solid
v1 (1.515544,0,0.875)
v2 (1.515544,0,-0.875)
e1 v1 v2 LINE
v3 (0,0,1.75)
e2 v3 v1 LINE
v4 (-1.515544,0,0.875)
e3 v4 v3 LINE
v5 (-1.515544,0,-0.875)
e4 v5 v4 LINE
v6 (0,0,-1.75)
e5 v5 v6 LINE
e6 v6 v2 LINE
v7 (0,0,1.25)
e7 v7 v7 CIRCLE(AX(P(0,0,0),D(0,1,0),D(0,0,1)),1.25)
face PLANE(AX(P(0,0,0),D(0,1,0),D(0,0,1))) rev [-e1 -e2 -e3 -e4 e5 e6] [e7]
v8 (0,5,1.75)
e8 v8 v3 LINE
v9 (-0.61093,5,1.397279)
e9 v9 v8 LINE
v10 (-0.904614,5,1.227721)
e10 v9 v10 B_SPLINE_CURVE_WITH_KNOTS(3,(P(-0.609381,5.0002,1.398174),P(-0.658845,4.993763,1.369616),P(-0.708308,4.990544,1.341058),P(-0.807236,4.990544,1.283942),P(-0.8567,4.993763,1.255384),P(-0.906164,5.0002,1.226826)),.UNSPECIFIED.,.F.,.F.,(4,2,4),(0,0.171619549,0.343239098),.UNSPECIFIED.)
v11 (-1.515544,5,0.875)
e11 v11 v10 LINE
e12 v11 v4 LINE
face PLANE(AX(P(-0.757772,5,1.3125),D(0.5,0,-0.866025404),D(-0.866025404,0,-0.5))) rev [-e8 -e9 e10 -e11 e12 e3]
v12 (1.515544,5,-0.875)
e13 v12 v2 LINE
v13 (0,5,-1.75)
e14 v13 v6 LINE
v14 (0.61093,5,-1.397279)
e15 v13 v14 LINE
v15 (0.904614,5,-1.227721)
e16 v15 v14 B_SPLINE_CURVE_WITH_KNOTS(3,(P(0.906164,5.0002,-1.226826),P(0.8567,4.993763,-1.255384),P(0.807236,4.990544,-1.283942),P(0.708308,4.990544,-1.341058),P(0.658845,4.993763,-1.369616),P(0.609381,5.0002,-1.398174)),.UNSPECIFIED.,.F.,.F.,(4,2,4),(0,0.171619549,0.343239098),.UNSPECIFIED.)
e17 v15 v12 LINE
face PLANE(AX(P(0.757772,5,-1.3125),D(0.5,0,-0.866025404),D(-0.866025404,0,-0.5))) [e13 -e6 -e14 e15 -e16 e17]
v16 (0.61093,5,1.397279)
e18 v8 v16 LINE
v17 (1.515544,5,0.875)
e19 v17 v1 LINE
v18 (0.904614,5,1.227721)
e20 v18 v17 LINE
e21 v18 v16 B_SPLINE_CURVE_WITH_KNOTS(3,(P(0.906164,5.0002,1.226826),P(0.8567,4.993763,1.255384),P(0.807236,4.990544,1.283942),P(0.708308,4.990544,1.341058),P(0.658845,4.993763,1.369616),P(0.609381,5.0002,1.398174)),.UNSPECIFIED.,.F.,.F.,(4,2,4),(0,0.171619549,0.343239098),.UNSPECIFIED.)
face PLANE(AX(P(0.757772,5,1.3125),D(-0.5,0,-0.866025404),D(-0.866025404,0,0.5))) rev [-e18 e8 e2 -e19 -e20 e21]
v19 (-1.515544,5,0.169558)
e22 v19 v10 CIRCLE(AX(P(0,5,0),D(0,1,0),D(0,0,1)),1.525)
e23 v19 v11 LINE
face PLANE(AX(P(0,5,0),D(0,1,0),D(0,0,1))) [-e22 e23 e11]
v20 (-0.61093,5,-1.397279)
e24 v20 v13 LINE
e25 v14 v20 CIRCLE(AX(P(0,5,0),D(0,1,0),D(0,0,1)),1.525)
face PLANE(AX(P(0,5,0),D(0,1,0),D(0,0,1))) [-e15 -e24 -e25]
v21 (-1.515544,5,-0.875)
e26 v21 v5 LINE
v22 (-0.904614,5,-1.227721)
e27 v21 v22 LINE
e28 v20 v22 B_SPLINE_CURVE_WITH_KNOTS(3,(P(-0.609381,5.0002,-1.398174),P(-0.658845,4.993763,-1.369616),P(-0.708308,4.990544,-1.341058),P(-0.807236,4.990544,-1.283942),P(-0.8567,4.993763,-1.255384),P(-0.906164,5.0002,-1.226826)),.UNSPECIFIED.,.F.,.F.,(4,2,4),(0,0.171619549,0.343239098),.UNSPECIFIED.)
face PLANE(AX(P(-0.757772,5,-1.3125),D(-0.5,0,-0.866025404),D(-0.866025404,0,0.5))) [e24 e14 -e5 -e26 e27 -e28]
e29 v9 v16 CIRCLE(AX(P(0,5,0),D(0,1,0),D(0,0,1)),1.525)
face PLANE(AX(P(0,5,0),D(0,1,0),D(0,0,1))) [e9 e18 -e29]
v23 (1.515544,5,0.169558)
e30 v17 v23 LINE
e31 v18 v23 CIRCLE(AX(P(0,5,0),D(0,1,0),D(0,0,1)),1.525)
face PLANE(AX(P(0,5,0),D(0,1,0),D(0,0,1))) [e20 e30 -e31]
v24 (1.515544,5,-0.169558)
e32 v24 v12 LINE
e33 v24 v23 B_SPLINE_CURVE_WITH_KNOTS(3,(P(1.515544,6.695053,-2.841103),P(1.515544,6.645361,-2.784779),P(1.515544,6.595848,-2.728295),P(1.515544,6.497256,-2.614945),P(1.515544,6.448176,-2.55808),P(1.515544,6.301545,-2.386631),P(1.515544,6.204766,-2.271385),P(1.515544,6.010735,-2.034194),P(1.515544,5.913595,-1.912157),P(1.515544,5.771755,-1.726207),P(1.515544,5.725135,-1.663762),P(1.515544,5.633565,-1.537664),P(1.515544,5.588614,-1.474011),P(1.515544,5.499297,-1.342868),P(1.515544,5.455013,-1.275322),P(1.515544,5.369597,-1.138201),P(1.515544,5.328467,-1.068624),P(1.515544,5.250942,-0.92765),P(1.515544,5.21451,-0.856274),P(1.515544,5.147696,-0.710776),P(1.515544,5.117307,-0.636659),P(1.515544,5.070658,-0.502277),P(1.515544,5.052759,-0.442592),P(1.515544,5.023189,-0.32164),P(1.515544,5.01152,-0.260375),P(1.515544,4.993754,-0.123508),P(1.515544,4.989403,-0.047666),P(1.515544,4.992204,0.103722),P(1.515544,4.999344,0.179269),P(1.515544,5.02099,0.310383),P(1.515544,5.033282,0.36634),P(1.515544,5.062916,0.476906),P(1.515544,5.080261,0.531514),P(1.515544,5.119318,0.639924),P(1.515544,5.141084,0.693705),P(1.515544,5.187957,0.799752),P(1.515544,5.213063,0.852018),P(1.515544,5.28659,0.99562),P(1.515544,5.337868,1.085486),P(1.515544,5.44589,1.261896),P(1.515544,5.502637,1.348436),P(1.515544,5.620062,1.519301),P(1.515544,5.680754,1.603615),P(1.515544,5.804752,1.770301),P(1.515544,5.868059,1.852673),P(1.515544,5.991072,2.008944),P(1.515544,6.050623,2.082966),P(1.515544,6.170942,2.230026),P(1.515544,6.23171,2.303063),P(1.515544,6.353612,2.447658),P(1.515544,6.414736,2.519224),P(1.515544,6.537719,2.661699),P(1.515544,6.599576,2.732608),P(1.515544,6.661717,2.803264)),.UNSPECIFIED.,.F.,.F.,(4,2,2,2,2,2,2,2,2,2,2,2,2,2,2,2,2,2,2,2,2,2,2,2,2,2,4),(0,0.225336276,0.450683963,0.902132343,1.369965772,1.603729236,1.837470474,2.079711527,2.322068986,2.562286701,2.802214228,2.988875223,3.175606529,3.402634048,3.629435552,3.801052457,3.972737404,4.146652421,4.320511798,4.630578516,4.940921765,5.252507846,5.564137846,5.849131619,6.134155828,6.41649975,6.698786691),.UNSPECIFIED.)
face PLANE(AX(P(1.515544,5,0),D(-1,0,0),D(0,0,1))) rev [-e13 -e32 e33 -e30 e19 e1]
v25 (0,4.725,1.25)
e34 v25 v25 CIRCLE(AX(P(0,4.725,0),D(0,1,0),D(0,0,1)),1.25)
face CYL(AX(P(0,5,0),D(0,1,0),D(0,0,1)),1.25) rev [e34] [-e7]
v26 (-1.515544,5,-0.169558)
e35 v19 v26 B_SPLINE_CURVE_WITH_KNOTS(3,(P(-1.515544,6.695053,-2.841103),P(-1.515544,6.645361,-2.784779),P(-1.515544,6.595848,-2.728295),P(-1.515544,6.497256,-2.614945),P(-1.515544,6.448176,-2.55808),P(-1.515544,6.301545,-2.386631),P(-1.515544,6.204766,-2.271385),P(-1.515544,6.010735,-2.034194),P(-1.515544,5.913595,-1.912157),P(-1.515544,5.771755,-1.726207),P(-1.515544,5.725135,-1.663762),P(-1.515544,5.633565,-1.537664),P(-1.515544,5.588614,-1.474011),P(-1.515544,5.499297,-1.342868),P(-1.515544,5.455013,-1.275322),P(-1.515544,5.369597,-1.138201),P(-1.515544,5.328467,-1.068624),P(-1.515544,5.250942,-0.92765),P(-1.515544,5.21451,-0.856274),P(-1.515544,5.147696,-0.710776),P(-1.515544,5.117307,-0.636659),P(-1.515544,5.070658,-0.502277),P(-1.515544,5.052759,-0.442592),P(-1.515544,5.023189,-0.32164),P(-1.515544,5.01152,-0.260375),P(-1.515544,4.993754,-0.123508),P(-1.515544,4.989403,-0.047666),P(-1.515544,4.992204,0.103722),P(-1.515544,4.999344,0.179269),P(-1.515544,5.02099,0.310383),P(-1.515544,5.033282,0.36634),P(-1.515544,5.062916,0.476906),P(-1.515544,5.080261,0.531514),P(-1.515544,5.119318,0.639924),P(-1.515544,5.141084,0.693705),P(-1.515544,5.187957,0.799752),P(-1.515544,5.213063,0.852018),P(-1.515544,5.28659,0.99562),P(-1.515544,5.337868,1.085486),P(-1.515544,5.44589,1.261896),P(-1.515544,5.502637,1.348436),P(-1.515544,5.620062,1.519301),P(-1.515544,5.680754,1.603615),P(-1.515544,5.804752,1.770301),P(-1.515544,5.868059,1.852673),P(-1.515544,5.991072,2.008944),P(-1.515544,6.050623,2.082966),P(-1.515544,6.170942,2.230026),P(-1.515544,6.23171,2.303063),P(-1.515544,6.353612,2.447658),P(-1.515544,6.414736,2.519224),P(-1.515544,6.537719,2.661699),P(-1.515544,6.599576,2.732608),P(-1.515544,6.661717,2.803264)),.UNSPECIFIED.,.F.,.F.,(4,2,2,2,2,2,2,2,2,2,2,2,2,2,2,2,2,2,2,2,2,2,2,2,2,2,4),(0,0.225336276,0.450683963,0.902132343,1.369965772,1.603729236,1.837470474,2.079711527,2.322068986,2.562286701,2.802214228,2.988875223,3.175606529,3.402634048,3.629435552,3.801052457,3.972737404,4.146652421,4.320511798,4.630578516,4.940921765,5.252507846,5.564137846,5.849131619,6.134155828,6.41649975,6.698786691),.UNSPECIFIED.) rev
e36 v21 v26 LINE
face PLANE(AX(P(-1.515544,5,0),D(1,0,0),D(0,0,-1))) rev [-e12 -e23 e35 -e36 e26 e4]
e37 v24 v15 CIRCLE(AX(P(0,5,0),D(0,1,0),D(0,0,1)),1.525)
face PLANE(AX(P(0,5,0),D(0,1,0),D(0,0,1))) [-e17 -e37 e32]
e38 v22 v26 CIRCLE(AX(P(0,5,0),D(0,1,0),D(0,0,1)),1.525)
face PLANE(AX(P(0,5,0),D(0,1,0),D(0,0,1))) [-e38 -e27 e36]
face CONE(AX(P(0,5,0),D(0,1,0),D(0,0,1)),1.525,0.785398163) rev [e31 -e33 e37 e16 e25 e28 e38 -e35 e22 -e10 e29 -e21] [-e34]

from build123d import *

# Parameters (mm, degrees)
BOSS_EXTRUDE2_DEPTH         = 5
M3_TAPPED_HOLE1_D           = 2.5
M3_TAPPED_HOLE1_CSINK_D     = 3.05
M3_TAPPED_HOLE1_CSINK_ANGLE = 90


with BuildPart() as part:
    # Sketch1 → Boss-Extrude2 (new body)
    with BuildSketch(Plane(origin=(0, 0, 0), x_dir=(1, 0, 0), z_dir=(0, 1, 0))):
        with BuildLine():
            Line((-1.515544457, -0.875), (-1.299038106, -0.75))
            ThreePointArc((-1.299038106, -0.75), (-1.5, 0), (-1.299038106, 0.75))
            Line((-1.299038106, 0.75), (-1.515544457, 0.875))
            Line((-1.515544457, 0.875), (-1.515544457, -0.875))
        make_face()
        with BuildLine():
            Line((-1.299038106, -0.75), (0, 0))
            Line((0, 0), (-1.299038106, 0.75))
            ThreePointArc((-1.299038106, 0.75), (-1.5, 0), (-1.299038106, -0.75))
        make_face()
        with BuildLine():
            Line((0, -1.75), (0, -1.5))
            ThreePointArc((0, -1.5), (-0.75, -1.299038106), (-1.299038106, -0.75))
            Line((-1.299038106, -0.75), (-1.515544457, -0.875))
            Line((-1.515544457, -0.875), (0, -1.75))
        make_face()
        with BuildLine():
            Line((0, -1.5), (0, 0))
            Line((0, 0), (-1.299038106, -0.75))
            ThreePointArc((-1.299038106, -0.75), (-0.75, -1.299038106), (0, -1.5))
        make_face()
        with BuildLine():
            Line((1.299038106, -0.75), (0, 0))
            Line((0, 0), (0, -1.5))
            ThreePointArc((0, -1.5), (0.75, -1.299038106), (1.299038106, -0.75))
        make_face()
        with BuildLine():
            Line((1.299038106, 0.75), (0, 0))
            Line((0, 0), (1.299038106, -0.75))
            ThreePointArc((1.299038106, -0.75), (1.448888739, -0.388228568), (1.5, 0))
            ThreePointArc((1.5, 0), (1.448888739, 0.388228568), (1.299038106, 0.75))
        make_face()
        with BuildLine():
            Line((0.75, 1.299038106), (0, 0))
            Line((0, 0), (1.299038106, 0.75))
            ThreePointArc((1.299038106, 0.75), (1.060660172, 1.060660172), (0.75, 1.299038106))
        make_face()
        with BuildLine():
            Line((0, 1.5), (0, 0))
            Line((0, 0), (0.75, 1.299038106))
            ThreePointArc((0.75, 1.299038106), (0.388228568, 1.448888739), (0, 1.5))
        make_face()
        with BuildLine():
            Line((-1.299038106, 0.75), (0, 0))
            Line((0, 0), (0, 1.5))
            ThreePointArc((0, 1.5), (-0.75, 1.299038106), (-1.299038106, 0.75))
        make_face()
        with BuildLine():
            ThreePointArc((-1.299038106, 0.75), (-0.75, 1.299038106), (0, 1.5))
            Line((0, 1.5), (0, 1.75))
            Line((0, 1.75), (-1.515544457, 0.875))
            Line((-1.515544457, 0.875), (-1.299038106, 0.75))
        make_face()
        with BuildLine():
            Line((0, 1.75), (0, 1.5))
            ThreePointArc((0, 1.5), (0.388228568, 1.448888739), (0.75, 1.299038106))
            ThreePointArc((0.75, 1.299038106), (1.060660172, 1.060660172), (1.299038106, 0.75))
            Line((1.299038106, 0.75), (1.515544457, 0.875))
            Line((1.515544457, 0.875), (0, 1.75))
        make_face()
        with BuildLine():
            Line((1.515544457, 0.875), (1.299038106, 0.75))
            ThreePointArc((1.299038106, 0.75), (1.448888739, 0.388228568), (1.5, 0))
            ThreePointArc((1.5, 0), (1.448888739, -0.388228568), (1.299038106, -0.75))
            Line((1.299038106, -0.75), (1.515544457, -0.875))
            Line((1.515544457, -0.875), (1.515544457, 0.875))
        make_face()
        with BuildLine():
            Line((1.515544457, -0.875), (1.299038106, -0.75))
            ThreePointArc((1.299038106, -0.75), (0.75, -1.299038106), (0, -1.5))
            Line((0, -1.5), (0, -1.75))
            Line((0, -1.75), (1.515544457, -0.875))
        make_face()
    extrude(amount=BOSS_EXTRUDE2_DEPTH)

    # M3 Tapped Hole1 (through all)
    with Locations(Plane(origin=(0, 5, 0), x_dir=(1, 0, 0), z_dir=(0, 1, 0))):
        with Locations((0, 0)):
            CounterSinkHole(M3_TAPPED_HOLE1_D / 2, M3_TAPPED_HOLE1_CSINK_D / 2, counter_sink_angle=M3_TAPPED_HOLE1_CSINK_ANGLE)


solid = part.part
